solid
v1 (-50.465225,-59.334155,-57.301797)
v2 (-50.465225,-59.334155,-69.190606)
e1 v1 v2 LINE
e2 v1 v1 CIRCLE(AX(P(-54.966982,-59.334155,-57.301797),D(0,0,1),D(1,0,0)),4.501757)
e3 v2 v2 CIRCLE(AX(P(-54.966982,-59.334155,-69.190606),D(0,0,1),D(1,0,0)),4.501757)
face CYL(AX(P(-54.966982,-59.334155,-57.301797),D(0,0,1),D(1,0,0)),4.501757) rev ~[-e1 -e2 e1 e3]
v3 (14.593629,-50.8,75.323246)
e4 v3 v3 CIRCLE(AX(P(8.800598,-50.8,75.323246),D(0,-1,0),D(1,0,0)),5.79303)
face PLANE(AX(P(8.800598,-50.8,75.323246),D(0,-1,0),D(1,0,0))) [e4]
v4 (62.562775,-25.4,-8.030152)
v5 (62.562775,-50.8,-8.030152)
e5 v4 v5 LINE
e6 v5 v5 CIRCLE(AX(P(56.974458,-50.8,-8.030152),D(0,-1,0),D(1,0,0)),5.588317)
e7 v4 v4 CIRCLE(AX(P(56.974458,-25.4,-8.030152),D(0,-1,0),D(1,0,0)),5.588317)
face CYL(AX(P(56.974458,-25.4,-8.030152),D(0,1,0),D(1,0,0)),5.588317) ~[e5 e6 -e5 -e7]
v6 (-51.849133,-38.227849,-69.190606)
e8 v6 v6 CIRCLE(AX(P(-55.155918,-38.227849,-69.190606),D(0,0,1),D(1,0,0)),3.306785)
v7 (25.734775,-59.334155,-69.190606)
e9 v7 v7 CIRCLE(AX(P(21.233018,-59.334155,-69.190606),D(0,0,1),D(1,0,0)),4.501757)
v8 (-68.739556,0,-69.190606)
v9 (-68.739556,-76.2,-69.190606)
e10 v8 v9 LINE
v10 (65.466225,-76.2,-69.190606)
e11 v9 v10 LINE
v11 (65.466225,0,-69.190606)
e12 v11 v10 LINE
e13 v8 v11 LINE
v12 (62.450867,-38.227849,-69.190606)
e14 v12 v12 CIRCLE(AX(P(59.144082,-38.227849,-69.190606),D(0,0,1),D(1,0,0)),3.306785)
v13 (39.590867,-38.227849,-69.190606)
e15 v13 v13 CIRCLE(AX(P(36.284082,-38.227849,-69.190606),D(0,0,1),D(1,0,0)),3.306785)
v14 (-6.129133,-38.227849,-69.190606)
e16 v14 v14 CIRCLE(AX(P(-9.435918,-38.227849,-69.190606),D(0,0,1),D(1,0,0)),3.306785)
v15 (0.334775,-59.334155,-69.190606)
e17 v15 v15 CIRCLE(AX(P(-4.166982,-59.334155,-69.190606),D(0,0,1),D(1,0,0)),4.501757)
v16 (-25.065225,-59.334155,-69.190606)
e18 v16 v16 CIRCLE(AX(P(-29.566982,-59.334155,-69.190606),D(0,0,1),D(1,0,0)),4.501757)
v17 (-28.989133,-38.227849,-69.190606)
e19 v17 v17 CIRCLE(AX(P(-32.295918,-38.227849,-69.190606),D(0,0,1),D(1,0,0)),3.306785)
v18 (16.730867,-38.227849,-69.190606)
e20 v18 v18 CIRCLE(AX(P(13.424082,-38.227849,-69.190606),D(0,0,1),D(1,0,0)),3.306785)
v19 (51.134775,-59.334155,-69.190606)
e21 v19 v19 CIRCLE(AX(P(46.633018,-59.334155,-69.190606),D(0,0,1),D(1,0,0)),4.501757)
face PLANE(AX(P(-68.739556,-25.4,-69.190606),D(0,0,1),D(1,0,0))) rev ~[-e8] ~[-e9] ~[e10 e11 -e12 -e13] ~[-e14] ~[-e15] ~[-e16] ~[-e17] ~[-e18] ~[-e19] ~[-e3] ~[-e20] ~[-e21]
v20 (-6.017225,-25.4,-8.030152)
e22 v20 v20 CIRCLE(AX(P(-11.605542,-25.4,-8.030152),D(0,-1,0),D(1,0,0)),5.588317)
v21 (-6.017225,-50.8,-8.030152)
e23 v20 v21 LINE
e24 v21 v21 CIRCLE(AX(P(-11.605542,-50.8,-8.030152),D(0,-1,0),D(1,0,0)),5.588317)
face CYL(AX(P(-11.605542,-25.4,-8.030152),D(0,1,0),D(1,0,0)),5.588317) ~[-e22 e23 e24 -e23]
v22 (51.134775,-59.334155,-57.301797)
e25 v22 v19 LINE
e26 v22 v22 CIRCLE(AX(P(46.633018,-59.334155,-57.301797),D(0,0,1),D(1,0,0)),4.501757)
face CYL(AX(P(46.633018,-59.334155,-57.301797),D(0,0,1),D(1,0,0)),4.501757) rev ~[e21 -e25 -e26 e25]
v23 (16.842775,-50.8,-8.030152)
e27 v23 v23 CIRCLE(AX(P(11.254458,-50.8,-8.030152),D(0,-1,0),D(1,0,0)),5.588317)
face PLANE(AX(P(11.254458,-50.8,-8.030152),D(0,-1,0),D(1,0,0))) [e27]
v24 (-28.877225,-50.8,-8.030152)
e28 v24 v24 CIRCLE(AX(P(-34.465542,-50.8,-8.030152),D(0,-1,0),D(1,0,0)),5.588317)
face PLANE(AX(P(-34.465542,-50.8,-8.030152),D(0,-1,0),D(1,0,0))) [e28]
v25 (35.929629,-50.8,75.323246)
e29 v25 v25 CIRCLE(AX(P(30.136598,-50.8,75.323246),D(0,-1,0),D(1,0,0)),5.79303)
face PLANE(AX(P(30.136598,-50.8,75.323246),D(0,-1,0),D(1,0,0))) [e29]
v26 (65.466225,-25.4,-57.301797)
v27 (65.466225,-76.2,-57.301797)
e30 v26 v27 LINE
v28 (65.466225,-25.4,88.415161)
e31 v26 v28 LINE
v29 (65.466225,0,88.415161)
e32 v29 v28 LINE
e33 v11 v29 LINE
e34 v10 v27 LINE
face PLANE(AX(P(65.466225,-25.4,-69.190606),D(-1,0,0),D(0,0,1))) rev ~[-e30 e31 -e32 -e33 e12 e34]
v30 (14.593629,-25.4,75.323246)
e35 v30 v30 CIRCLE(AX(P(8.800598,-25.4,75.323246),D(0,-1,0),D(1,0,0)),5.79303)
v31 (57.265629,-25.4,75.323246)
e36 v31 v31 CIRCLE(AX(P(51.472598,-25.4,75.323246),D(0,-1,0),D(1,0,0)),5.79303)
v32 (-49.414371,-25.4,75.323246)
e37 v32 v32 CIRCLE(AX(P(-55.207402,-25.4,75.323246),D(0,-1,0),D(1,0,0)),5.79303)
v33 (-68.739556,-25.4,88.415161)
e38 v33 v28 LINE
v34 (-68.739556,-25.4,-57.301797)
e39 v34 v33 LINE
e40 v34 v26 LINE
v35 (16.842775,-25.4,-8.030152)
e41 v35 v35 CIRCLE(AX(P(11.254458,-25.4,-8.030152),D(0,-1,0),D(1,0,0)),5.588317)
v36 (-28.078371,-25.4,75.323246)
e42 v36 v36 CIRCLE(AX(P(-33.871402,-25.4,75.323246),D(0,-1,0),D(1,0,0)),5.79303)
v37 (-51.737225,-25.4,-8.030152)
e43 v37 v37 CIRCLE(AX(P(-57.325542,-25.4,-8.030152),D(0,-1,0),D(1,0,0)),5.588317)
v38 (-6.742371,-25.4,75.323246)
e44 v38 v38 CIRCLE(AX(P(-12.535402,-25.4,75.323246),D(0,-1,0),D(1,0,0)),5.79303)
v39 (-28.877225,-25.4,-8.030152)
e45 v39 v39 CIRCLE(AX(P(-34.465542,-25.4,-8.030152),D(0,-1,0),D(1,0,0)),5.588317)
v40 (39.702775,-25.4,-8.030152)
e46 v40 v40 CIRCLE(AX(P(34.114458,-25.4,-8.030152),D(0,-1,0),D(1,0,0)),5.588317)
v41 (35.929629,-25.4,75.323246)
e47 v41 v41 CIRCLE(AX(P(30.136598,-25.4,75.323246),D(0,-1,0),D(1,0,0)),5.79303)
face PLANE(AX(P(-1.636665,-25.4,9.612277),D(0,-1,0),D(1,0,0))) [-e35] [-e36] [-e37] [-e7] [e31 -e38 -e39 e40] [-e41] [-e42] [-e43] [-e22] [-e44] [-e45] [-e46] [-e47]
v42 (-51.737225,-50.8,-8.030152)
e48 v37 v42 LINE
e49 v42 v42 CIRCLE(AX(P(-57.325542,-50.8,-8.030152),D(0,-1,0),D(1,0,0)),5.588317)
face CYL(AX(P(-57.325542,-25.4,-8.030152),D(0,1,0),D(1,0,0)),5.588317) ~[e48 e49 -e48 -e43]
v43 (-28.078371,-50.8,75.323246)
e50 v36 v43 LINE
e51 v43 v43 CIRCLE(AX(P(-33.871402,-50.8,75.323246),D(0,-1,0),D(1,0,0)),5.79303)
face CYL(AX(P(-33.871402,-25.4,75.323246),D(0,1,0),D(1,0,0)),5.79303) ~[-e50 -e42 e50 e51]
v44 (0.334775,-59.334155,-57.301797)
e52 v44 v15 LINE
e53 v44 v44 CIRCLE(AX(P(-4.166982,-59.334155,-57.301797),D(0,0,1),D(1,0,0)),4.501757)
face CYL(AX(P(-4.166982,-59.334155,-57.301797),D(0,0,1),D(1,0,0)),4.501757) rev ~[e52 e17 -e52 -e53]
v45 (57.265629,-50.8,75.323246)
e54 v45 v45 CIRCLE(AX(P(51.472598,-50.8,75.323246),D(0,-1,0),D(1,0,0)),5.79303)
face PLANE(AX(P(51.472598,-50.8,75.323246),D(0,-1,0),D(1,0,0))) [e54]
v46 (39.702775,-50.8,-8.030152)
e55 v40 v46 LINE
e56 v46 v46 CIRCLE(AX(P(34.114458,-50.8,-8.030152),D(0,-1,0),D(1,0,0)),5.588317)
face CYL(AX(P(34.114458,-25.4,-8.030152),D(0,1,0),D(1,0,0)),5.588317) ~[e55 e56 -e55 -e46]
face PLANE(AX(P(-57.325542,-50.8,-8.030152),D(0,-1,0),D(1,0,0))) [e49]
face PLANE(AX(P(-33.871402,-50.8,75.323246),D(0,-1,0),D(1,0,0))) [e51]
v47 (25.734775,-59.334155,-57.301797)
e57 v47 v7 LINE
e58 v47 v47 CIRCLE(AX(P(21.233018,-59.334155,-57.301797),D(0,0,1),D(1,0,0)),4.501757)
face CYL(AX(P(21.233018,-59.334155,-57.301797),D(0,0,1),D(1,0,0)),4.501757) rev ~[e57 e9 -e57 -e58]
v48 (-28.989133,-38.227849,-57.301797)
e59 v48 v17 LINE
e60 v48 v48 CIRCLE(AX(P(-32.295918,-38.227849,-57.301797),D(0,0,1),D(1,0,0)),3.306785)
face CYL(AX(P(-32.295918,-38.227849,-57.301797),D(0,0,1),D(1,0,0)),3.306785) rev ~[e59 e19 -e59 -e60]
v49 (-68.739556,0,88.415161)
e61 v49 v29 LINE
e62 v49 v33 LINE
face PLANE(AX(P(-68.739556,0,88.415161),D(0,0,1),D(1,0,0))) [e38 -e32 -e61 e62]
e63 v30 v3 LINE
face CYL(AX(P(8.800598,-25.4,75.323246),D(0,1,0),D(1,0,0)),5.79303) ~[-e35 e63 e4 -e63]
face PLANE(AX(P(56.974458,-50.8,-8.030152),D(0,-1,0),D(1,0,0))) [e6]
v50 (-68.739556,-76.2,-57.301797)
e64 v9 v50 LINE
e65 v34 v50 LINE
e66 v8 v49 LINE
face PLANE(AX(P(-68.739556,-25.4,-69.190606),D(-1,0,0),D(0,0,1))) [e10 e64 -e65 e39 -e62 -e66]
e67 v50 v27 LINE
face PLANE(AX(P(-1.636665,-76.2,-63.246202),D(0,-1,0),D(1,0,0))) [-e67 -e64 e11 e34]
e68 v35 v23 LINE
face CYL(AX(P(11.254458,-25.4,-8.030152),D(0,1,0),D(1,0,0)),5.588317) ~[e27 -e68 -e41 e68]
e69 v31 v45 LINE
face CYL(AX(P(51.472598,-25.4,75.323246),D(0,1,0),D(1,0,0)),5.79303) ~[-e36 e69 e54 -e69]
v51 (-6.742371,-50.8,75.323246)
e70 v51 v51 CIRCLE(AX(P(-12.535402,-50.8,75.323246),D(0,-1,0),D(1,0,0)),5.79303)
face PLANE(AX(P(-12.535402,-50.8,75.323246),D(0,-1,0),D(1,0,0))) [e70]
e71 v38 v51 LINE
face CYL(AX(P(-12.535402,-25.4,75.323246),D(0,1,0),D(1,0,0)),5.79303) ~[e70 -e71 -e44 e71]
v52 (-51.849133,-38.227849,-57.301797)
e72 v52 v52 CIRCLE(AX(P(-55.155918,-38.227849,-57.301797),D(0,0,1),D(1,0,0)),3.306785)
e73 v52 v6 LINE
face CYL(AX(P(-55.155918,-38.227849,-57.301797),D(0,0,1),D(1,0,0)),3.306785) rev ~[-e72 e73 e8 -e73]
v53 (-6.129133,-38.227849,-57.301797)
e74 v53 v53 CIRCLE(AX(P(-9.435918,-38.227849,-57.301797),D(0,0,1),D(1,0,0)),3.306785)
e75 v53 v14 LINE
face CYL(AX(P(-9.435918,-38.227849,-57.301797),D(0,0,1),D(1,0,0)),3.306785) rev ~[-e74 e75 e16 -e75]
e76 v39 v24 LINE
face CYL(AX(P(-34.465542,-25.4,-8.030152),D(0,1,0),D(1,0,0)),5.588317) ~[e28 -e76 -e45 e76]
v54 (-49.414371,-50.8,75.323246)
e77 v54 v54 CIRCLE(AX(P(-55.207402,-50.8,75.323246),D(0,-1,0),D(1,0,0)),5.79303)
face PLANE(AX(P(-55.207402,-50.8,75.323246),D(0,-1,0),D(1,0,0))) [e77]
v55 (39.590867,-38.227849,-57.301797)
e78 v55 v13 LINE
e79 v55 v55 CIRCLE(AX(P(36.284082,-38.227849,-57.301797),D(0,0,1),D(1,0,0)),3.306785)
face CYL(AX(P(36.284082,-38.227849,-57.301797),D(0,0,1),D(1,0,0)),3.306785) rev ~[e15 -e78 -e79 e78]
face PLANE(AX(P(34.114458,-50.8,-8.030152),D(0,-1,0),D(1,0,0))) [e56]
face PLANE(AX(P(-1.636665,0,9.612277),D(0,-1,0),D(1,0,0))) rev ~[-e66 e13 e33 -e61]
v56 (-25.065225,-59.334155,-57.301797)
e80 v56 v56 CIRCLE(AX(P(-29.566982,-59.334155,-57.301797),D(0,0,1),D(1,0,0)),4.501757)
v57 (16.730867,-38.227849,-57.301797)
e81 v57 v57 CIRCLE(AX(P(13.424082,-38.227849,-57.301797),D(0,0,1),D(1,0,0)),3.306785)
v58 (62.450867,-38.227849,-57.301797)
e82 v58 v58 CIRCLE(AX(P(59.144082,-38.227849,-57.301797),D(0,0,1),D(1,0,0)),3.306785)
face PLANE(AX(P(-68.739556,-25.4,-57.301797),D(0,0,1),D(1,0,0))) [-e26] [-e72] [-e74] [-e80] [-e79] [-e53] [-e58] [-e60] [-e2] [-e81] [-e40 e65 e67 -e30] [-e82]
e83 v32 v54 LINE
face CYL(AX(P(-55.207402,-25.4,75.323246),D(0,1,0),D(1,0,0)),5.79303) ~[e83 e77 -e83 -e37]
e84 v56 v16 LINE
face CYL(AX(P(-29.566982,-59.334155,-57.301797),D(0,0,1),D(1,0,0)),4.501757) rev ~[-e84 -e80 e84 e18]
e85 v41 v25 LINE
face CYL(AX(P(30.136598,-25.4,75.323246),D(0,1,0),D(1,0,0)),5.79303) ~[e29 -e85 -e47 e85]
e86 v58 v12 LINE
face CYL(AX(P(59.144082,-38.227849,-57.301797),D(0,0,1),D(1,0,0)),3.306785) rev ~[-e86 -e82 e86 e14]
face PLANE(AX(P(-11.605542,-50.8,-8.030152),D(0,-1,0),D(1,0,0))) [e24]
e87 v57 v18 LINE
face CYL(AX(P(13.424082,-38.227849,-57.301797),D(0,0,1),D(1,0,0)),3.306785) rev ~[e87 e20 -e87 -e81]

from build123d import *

# Parameters (mm, degrees)
F0_W     = 134.2057809234
F0_H     = 157.6057672501
F1_DEPTH = 25.4
F2_W     = 134.2057809234
F2_H     = 11.8888095021
F3_DEPTH = 50.8
F4_R     = 3.3067851736
F4_R_2   = 4.5017573087
F5_DEPTH = 25.4
F6_R     = 5.7930300282
F6_R_2   = 5.5883167401
F7_DEPTH = 25.4


with BuildPart() as f1:
    # F0 (on Front) → F1 (new body)
    with BuildSketch(Plane.XZ):
        with Locations((-1.6366653144, 9.6122771502)):
            Rectangle(F0_W, F0_H)
    extrude(amount=F1_DEPTH)

    # F2 (on face) → F3 (join)
    with BuildSketch(Plane.XZ.offset(25.4)):
        with Locations((-1.6366653144, -63.2462017238)):
            Rectangle(F2_W, F2_H)
    extrude(amount=F3_DEPTH)

    # F4 (on face) → F5 (cut)
    with BuildSketch(Plane.XY.offset(-57.3017969728)):
        with Locations((-55.1559180021, -38.2278487086)):
            Circle(F4_R)
        with Locations((-32.2959180021, -38.2278487086)):
            Circle(F4_R)
        with Locations((-9.4359180021, -38.2278487086)):
            Circle(F4_R)
        with Locations((13.4240819979, -38.2278487086)):
            Circle(F4_R)
        with Locations((36.2840819979, -38.2278487086)):
            Circle(F4_R)
        with Locations((59.1440819979, -38.2278487086)):
            Circle(F4_R)
        with Locations((-54.9669824541, -59.3341551721)):
            Circle(F4_R_2)
        with Locations((-29.5669824541, -59.3341551721)):
            Circle(F4_R_2)
        with Locations((-4.1669824541, -59.3341551721)):
            Circle(F4_R_2)
        with Locations((21.2330175459, -59.3341551721)):
            Circle(F4_R_2)
        with Locations((46.6330175459, -59.3341551721)):
            Circle(F4_R_2)
    extrude(amount=-F5_DEPTH, mode=Mode.SUBTRACT)

    # F6 (on face) → F7 (join)
    with BuildSketch(Plane.XZ.offset(25.4)):
        with Locations((-55.2074015141, 75.3232464194)):
            Circle(F6_R)
        with Locations((-33.8714015141, 75.3232464194)):
            Circle(F6_R)
        with Locations((-12.5354015141, 75.3232464194)):
            Circle(F6_R)
        with Locations((8.8005984859, 75.3232464194)):
            Circle(F6_R)
        with Locations((30.1365984859, 75.3232464194)):
            Circle(F6_R)
        with Locations((51.4725984859, 75.3232464194)):
            Circle(F6_R)
        with Locations((-57.3255419731, -8.0301519483)):
            Circle(F6_R_2)
        with Locations((-34.4655419731, -8.0301519483)):
            Circle(F6_R_2)
        with Locations((-11.6055419731, -8.0301519483)):
            Circle(F6_R_2)
        with Locations((11.2544580269, -8.0301519483)):
            Circle(F6_R_2)
        with Locations((34.1144580269, -8.0301519483)):
            Circle(F6_R_2)
        with Locations((56.9744580269, -8.0301519483)):
            Circle(F6_R_2)
    extrude(amount=F7_DEPTH)


solid = f1.part
